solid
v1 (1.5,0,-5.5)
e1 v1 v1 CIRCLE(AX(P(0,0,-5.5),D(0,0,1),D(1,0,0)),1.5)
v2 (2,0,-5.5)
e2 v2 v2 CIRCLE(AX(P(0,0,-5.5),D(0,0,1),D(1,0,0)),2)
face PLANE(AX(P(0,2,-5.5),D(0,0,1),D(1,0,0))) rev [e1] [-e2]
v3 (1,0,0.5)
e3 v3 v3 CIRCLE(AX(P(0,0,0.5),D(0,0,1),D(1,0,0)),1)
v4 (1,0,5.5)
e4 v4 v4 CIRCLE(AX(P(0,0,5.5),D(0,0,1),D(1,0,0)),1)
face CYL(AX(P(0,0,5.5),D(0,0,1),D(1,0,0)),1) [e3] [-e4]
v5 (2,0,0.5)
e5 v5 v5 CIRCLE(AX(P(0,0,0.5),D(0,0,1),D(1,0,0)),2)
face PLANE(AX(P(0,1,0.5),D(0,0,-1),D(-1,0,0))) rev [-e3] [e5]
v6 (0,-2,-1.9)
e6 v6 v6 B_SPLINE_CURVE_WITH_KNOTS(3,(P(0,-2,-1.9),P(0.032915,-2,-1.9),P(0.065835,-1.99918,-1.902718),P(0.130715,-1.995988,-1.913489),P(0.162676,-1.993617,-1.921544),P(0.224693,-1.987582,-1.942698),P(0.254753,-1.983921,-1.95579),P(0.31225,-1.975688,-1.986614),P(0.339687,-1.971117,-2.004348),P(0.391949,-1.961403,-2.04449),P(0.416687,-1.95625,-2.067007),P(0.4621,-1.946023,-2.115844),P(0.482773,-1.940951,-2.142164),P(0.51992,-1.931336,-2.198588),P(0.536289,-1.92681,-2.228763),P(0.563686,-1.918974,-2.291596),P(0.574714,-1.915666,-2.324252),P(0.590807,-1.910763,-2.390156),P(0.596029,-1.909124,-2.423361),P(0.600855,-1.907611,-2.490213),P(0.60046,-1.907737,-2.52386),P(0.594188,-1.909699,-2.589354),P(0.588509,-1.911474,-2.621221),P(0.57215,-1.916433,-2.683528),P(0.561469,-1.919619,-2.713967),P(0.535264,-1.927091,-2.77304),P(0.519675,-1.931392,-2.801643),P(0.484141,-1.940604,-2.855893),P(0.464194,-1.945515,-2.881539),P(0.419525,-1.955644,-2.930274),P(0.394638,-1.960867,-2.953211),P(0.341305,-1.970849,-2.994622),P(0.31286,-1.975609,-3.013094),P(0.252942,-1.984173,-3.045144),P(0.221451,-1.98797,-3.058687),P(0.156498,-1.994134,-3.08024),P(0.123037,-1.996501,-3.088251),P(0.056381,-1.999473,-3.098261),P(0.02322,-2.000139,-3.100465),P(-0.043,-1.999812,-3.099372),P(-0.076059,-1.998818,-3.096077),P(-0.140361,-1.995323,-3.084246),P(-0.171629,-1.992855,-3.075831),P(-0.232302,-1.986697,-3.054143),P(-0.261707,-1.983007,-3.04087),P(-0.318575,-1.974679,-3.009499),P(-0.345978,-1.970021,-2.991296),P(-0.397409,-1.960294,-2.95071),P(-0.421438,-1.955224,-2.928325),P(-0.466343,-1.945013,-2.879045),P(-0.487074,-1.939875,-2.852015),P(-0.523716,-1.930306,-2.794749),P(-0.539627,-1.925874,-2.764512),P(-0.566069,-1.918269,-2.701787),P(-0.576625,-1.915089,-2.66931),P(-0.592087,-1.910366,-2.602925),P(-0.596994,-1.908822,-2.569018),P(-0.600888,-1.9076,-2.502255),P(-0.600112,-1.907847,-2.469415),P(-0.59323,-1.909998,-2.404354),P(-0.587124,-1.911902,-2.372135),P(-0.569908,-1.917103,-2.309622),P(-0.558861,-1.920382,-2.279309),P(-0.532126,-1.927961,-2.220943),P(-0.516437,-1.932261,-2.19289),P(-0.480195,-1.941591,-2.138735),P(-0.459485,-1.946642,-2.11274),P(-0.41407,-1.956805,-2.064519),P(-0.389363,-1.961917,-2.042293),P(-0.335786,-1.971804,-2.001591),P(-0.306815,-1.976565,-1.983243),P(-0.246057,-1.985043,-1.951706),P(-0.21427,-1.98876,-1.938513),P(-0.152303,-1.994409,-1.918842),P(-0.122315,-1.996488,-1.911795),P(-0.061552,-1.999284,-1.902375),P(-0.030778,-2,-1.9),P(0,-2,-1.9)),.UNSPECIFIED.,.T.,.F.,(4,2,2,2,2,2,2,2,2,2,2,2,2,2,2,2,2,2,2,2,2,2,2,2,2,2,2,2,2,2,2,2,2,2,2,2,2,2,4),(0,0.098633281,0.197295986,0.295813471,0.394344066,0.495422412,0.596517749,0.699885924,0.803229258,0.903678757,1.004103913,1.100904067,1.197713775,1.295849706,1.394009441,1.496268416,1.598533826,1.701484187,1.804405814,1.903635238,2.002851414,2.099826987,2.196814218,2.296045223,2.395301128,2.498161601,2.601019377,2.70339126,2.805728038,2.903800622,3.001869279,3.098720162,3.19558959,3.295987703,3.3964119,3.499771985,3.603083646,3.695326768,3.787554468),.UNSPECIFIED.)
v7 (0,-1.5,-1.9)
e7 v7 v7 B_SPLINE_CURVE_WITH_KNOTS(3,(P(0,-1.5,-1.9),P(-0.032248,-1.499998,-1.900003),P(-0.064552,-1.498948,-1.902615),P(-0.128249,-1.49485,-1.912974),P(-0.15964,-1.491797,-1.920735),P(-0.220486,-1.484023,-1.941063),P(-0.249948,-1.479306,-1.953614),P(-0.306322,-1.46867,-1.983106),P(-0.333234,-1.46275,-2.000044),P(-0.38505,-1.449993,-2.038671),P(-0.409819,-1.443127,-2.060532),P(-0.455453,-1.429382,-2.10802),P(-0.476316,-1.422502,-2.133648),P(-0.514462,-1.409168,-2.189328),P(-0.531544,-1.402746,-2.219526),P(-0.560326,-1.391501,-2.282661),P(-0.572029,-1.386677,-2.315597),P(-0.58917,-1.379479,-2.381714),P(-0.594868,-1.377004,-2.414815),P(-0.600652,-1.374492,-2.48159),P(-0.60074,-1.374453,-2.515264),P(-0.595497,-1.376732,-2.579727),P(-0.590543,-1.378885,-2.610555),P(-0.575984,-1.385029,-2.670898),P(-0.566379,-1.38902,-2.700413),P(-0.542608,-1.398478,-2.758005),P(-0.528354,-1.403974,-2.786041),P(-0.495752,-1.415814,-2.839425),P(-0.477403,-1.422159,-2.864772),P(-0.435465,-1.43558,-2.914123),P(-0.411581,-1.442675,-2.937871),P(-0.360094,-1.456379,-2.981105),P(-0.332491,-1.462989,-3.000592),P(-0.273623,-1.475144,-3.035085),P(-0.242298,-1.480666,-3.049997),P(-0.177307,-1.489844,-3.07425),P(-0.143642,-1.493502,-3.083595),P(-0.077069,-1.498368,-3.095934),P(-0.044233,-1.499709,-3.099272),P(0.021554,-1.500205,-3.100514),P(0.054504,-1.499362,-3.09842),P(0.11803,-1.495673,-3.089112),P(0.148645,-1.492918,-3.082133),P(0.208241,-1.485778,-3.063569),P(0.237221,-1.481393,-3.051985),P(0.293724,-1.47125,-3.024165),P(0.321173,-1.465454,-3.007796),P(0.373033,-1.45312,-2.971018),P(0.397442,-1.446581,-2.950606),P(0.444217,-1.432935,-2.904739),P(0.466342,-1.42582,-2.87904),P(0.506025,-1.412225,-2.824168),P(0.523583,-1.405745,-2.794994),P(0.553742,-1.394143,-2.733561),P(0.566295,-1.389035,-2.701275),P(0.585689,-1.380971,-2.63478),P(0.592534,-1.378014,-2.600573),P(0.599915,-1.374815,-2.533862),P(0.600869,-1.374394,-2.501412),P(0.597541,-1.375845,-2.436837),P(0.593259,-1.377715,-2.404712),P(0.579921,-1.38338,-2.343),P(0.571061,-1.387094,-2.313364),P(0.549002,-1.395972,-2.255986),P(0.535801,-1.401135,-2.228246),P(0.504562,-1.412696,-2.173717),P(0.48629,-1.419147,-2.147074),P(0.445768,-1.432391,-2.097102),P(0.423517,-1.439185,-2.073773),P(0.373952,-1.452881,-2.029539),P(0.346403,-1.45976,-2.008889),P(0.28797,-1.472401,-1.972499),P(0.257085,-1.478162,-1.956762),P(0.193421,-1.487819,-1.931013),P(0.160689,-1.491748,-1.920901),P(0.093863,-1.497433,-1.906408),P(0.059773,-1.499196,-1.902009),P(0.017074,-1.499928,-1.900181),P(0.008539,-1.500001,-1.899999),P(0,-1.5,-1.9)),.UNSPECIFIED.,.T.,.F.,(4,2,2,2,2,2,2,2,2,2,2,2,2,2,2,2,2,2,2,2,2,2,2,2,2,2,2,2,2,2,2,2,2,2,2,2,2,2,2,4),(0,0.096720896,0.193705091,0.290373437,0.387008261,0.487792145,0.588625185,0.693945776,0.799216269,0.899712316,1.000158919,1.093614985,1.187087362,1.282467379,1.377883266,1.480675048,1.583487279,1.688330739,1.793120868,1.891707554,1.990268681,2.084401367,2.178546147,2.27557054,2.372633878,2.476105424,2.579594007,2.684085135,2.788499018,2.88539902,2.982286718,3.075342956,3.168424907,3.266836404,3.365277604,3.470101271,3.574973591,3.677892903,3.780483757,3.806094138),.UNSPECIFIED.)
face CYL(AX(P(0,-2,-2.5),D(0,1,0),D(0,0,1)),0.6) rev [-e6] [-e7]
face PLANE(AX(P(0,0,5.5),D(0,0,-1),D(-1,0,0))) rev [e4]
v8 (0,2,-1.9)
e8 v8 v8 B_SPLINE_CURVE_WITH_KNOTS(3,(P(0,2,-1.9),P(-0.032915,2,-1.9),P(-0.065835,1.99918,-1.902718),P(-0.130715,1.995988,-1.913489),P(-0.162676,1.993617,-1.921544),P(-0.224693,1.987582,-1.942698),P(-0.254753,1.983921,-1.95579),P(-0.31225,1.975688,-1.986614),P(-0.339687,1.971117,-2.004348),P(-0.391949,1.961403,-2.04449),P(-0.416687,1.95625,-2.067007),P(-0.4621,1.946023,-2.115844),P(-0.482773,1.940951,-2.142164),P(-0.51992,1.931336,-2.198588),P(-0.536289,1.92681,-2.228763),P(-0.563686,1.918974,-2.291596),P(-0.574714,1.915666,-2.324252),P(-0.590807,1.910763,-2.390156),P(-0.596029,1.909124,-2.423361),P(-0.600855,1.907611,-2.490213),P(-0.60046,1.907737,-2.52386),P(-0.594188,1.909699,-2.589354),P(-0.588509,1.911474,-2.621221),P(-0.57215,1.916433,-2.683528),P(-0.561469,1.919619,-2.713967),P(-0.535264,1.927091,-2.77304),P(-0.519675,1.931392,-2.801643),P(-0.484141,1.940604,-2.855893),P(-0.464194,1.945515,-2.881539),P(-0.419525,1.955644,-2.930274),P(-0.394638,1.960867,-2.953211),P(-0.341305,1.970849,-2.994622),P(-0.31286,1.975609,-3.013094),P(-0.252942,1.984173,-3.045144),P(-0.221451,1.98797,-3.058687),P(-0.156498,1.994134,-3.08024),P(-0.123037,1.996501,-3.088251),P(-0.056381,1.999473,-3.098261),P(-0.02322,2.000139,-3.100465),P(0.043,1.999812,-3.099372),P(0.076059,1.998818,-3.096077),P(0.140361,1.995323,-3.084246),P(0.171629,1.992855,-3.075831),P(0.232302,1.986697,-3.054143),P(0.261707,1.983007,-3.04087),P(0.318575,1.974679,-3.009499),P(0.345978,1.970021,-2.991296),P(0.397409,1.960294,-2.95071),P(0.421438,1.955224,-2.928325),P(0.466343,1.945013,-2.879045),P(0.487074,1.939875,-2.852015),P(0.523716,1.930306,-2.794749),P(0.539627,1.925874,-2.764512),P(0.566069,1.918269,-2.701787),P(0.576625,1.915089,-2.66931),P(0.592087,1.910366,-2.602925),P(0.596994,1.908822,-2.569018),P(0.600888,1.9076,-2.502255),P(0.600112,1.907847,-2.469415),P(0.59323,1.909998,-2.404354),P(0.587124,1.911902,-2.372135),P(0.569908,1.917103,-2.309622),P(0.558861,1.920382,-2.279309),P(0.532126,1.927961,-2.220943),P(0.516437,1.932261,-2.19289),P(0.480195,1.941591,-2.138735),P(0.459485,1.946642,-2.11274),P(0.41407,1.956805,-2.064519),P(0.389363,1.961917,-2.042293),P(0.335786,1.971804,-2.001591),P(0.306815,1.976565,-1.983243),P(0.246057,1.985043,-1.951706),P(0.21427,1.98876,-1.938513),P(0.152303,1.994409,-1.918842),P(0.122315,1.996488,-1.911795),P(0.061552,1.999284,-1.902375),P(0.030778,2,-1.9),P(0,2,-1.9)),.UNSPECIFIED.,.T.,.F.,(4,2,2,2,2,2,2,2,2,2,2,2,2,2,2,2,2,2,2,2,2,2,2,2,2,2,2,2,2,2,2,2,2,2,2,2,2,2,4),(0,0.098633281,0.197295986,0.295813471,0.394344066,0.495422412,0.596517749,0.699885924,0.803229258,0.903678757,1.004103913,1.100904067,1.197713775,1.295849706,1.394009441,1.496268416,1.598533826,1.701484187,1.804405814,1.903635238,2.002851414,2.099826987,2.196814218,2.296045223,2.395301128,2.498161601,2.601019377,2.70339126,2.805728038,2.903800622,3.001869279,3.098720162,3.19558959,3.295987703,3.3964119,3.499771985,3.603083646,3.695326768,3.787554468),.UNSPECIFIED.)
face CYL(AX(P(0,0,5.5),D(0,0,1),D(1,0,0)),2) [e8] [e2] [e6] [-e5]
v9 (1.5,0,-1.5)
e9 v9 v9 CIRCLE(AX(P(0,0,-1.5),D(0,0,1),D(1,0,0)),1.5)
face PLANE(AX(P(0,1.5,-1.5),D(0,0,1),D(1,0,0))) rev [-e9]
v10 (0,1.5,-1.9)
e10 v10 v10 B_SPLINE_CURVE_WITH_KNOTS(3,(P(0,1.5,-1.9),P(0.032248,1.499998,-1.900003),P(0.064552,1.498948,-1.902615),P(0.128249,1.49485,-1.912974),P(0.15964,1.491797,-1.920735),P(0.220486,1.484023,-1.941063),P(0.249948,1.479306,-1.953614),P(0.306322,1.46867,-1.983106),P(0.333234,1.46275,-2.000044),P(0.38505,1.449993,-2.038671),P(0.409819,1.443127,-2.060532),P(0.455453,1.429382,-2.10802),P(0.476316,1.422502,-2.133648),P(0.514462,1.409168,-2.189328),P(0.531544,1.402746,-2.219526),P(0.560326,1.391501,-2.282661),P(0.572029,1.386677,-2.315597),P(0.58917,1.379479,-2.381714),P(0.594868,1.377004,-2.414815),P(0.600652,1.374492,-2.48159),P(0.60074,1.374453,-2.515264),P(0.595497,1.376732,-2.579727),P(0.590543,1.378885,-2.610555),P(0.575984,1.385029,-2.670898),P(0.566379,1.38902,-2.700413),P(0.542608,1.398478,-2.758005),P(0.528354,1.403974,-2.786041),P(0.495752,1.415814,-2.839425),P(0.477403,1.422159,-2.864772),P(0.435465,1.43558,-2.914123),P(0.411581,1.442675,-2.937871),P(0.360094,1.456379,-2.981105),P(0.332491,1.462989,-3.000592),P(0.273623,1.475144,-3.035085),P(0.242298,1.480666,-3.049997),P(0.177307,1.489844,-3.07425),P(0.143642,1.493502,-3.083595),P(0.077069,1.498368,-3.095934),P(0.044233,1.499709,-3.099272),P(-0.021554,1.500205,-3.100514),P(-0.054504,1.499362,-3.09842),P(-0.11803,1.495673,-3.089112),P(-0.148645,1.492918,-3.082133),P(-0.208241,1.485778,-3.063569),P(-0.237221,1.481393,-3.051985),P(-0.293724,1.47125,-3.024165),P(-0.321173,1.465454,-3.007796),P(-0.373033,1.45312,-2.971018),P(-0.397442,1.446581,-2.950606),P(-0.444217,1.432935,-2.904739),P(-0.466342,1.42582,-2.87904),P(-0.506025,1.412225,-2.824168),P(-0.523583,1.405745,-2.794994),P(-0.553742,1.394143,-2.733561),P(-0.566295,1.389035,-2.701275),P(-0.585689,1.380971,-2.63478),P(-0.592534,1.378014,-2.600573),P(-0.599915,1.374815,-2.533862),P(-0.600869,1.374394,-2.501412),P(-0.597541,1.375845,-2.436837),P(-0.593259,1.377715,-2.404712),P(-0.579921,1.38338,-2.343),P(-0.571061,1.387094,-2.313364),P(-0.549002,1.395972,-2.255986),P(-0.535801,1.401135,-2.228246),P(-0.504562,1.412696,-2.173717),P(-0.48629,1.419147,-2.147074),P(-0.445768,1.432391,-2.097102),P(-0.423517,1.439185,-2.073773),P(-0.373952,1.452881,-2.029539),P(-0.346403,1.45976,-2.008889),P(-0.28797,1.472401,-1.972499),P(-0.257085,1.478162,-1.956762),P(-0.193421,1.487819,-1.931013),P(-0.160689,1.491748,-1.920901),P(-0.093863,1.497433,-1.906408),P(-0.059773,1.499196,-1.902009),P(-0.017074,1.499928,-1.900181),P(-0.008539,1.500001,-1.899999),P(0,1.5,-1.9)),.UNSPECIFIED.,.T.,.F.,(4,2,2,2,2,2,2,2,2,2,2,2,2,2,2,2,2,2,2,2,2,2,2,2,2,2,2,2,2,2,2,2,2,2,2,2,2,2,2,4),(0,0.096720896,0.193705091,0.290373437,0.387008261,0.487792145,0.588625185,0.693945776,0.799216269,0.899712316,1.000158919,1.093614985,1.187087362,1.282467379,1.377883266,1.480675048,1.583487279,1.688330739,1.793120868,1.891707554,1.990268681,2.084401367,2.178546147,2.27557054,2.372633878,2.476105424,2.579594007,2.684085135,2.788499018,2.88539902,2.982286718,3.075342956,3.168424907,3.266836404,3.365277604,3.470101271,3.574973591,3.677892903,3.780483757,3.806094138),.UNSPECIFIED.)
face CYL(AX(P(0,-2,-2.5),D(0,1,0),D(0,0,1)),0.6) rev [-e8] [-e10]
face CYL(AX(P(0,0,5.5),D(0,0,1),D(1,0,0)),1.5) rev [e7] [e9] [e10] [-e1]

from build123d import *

# Parameters (mm, degrees)
ESQUISSE2_R                  = 0.6
ENL_V_MAT_EXTRU_1_DEPTH      = 3
ENL_V_MAT_EXTRU_1_DEPTH_BACK = 3


with BuildPart() as part:
    # Esquisse1 → Révolution1 (revolve)
    with BuildSketch(Plane(origin=(0, 0, 0), x_dir=(0, 0, -1), z_dir=(1, 0, 0))):
        Polygon((-5.5, 0), (-5.5, 1), (-0.5, 1), (-0.5, 2), (5.5, 2), (5.5, 1.5), (1.5, 1.5), (1.5, 0), align=None)
    revolve(axis=Axis((0, 0, 5.5), (0, 0, -1)))

    # Esquisse2 → Enlèv. mat.-Extru.1 (cut, two sides)
    with BuildSketch(Plane(origin=(0, 0, 0), x_dir=(1, 0, 0), z_dir=(0, 1, 0))) as enl_v_mat_extru_1_sk:
        with Locations((0, 2.5)):
            Circle(ESQUISSE2_R)
    extrude(amount=ENL_V_MAT_EXTRU_1_DEPTH, mode=Mode.SUBTRACT)
    extrude(enl_v_mat_extru_1_sk.sketch, amount=-ENL_V_MAT_EXTRU_1_DEPTH_BACK, mode=Mode.SUBTRACT)


solid = part.part
